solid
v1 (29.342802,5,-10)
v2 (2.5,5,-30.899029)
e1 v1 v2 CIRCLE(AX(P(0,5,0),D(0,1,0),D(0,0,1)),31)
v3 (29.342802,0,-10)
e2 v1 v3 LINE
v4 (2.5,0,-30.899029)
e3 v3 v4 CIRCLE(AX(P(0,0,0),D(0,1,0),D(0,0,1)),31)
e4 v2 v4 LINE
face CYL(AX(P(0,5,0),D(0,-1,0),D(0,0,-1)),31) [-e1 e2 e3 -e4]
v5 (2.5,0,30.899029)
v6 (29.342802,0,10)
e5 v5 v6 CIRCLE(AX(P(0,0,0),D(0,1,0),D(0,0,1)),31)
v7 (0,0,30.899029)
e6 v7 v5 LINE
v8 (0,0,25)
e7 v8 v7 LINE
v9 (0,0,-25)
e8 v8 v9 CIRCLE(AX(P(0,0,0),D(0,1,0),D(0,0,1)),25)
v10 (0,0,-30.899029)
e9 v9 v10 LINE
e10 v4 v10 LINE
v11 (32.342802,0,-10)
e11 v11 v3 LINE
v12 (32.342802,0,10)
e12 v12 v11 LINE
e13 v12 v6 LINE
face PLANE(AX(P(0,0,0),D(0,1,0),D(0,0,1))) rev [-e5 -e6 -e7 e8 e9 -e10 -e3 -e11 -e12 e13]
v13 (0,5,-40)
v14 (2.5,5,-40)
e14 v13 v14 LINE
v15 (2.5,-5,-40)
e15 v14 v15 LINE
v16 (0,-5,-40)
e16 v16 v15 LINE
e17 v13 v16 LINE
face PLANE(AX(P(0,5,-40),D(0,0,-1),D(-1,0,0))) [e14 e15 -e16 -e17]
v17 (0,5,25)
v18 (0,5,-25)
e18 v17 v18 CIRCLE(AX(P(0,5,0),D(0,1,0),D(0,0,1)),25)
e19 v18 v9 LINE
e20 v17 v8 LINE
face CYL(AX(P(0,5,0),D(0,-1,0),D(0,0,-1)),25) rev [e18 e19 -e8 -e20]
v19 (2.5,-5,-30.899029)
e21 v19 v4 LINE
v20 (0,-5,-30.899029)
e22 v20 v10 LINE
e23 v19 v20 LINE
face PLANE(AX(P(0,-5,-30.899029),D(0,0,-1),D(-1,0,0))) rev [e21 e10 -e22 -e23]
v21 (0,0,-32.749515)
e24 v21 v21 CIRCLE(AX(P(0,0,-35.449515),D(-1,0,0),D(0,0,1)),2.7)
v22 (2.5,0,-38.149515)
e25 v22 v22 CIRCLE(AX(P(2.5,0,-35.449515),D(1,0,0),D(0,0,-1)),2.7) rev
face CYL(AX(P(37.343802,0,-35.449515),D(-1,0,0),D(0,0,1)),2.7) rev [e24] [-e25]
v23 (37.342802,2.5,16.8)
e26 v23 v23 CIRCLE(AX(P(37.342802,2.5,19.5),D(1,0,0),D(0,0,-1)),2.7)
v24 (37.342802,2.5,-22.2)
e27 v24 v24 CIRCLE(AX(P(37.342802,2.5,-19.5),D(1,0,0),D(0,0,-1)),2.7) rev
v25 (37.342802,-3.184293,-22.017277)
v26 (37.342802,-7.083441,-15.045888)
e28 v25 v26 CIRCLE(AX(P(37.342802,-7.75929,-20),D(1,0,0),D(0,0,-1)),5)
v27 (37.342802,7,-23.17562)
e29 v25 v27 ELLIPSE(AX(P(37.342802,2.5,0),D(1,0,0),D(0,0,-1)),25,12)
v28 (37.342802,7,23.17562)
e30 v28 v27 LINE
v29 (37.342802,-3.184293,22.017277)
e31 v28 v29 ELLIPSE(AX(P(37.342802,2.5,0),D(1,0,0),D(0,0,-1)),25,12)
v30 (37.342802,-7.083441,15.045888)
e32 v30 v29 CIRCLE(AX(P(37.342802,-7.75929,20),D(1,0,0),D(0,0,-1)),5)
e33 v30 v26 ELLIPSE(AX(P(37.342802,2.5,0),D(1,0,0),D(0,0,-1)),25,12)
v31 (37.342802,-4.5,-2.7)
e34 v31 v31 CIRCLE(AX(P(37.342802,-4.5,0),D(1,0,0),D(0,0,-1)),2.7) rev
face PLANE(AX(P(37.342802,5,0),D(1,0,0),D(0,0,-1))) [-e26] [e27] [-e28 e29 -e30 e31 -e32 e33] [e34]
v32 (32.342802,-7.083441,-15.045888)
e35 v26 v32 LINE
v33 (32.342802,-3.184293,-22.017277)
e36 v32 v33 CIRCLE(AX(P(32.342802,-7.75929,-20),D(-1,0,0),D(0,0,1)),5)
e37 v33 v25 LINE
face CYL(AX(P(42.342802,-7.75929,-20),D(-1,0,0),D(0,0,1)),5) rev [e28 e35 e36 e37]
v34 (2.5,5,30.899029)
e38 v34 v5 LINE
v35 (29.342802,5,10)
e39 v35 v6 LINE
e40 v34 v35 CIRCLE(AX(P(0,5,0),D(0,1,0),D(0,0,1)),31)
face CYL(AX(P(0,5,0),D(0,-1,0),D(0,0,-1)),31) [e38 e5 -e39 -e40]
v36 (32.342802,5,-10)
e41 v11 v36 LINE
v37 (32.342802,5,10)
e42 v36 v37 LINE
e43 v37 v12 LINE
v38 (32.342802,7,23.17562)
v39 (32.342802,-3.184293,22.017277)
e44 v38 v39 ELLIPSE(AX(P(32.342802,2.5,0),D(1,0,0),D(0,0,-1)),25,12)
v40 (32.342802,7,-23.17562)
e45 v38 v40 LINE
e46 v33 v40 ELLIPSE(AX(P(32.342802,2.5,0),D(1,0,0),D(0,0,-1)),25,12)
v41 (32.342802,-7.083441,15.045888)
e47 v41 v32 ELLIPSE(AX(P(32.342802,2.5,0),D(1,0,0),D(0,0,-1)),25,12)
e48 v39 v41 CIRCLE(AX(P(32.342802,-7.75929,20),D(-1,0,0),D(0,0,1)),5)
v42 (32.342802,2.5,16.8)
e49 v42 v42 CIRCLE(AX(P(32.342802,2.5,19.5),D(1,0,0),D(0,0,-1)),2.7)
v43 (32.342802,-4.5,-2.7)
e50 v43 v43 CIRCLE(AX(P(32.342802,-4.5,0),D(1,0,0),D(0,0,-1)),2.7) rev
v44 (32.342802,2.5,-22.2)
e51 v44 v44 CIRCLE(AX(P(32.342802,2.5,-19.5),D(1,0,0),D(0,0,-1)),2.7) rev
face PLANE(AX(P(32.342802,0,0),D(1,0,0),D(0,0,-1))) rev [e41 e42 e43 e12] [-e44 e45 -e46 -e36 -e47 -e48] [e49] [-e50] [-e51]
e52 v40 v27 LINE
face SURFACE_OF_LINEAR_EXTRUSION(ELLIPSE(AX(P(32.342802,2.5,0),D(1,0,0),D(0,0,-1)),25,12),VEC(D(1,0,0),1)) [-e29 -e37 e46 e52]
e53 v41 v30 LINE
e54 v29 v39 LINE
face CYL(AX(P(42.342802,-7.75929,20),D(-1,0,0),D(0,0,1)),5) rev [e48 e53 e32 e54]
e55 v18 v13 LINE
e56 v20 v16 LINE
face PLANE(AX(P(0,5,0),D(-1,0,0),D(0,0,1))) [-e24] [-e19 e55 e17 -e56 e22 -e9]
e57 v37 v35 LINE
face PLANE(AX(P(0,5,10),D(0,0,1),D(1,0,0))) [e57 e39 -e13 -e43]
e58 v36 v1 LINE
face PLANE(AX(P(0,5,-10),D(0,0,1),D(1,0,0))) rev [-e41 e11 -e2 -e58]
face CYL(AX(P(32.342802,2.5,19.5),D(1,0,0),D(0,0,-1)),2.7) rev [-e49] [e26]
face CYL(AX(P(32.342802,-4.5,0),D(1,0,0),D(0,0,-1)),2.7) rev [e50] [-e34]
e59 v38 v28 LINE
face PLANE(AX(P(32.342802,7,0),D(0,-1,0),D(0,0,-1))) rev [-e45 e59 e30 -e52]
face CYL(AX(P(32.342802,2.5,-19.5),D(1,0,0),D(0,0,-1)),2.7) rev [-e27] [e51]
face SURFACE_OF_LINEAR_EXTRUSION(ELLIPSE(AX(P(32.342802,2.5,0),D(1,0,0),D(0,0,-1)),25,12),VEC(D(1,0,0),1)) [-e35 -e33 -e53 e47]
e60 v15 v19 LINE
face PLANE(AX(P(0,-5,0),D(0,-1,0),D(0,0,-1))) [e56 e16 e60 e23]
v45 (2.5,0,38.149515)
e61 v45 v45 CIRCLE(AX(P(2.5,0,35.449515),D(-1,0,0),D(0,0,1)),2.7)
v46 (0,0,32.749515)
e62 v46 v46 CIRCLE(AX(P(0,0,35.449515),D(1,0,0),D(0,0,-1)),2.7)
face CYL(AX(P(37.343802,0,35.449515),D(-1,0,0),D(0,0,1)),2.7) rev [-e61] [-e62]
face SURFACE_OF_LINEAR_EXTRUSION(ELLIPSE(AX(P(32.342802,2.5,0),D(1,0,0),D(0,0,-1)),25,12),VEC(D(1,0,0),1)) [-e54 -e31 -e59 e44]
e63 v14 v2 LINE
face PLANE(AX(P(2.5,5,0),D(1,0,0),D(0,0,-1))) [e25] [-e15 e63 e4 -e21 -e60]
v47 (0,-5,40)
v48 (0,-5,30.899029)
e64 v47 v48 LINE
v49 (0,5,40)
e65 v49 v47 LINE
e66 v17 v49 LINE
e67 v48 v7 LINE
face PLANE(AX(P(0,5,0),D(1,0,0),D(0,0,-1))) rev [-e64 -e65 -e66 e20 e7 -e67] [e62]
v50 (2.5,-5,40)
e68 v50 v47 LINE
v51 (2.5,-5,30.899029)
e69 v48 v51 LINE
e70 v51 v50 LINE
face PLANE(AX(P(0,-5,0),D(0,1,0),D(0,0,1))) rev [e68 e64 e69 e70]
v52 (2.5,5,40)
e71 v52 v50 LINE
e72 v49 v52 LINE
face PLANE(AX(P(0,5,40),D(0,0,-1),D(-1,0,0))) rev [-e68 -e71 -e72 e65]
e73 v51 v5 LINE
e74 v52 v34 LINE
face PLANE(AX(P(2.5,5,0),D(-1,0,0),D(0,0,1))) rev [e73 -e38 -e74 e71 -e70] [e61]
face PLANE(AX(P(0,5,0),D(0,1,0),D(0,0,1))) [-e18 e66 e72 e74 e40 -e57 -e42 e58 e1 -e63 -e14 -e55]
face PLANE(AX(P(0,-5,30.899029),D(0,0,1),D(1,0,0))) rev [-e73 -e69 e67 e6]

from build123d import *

# Parameters (mm, degrees)
BOSS_EXTRUDE1_DEPTH = 5
SKETCH2_W           = 2.5
SKETCH2_H           = 9.100970889
BOSS_EXTRUDE2_DEPTH = 5
CUT_EXTRUDE1_REACH  = 56.95
SKETCH3_R           = 2.7
SKETCH4_W           = 20
SKETCH4_H           = 5
SKETCH4_R           = 2.7
BOSS_EXTRUDE3_DEPTH = 5
SKETCH5_R           = 5
CUT_EXTRUDE2_DEPTH  = 10


with BuildPart() as part:
    # Sketch1 → Boss-Extrude1 (new body)
    with BuildSketch(Plane(origin=(0, 0, 0), x_dir=(1, 0, 0), z_dir=(0, 1, 0))):
        with BuildLine():
            Line((0, -25), (0, -40))
            Line((0, -40), (2.5, -40))
            Line((2.5, -40), (2.5, -30.899029111))
            ThreePointArc((2.5, -30.899029111), (19.044247329, -24.460511926), (29.342801502, -10))
            Line((29.342801502, -10), (37.342801502, -10))
            Line((37.342801502, -10), (37.342801502, 10))
            Line((37.342801502, 10), (29.342801502, 10))
            ThreePointArc((29.342801502, 10), (19.044247329, 24.460511926), (2.5, 30.899029111))
            Line((2.5, 30.899029111), (2.5, 40))
            Line((2.5, 40), (0, 40))
            Line((0, 40), (0, 25))
            ThreePointArc((0, 25), (25, 0), (0, -25))
        make_face()
    extrude(amount=BOSS_EXTRUDE1_DEPTH)

    # Sketch2 → Boss-Extrude2 (add)
    with BuildSketch(Plane.XZ):
        with Locations((1.25, 35.449514556)):
            Rectangle(SKETCH2_W, SKETCH2_H)
        with Locations((1.25, -35.449514556)):
            Rectangle(SKETCH2_W, SKETCH2_H)
    extrude(amount=BOSS_EXTRUDE2_DEPTH)

    # Sketch3 → Cut-Extrude1 (cut, up to next)
    with BuildSketch(Plane.ZY, mode=Mode.PRIVATE) as cut_extrude1_sk1:
        with Locations((-35.449514555, 0)):
            Circle(SKETCH3_R)
    cut_extrude1_tool1 = extrude(cut_extrude1_sk1.sketch, amount=-CUT_EXTRUDE1_REACH, mode=Mode.PRIVATE) & part.part
    # Sketch3 → Cut-Extrude1 (cut, up to next)
    with BuildSketch(Plane.ZY, mode=Mode.PRIVATE) as cut_extrude1_sk2:
        with Locations((35.449514555, 0)):
            Circle(SKETCH3_R)
    cut_extrude1_tool2 = extrude(cut_extrude1_sk2.sketch, amount=-CUT_EXTRUDE1_REACH, mode=Mode.PRIVATE) & part.part
    add(cut_extrude1_tool1.solids().sort_by_distance((0, 0, -35.449515))[0], mode=Mode.SUBTRACT)
    add(cut_extrude1_tool2.solids().sort_by_distance((0, 0, 35.449515))[0], mode=Mode.SUBTRACT)

    # Sketch4 → Boss-Extrude3 (add)
    with BuildSketch(Plane(origin=(37.342801502, 0, 0), x_dir=(0, 0, -1), z_dir=(1, 0, 0))):
        with BuildLine():
            add(Edge.make_bspline(
                [(-23.175620272, 7), (-37.080992454, -9.500000022), (3e-08, -9.5)],
                knots=[2.757195879, 2.757195879, 2.757195879, 4.712388982, 4.712388982, 4.712388982], degree=2, weights=[1, 0.559016994, 1]))
            add(Edge.make_bspline(
                [(3e-08, -9.5), (25, -9.499999986), (25, 2.5)],
                knots=[4.712388982, 4.712388982, 4.712388982, 6.283185307, 6.283185307, 6.283185307], degree=2, weights=[1, 0.707106782, 1]))
            add(Edge.make_bspline(
                [(25, 2.5), (25, 4.835206052), (23.175620272, 7)],
                knots=[0, 0, 0, 0.384396774, 0.384396774, 0.384396774], degree=2, weights=[1, 0.981586677, 1]))
            Line((23.175620272, 7), (-23.175620272, 7))
        make_face()
        with Locations((0, 2.5)):
            Rectangle(SKETCH4_W, SKETCH4_H, mode=Mode.SUBTRACT)
        with Locations((-19.5, 2.5)):
            Circle(SKETCH4_R, mode=Mode.SUBTRACT)
        with Locations((19.5, 2.5)):
            Circle(SKETCH4_R, mode=Mode.SUBTRACT)
        with Locations((0, -4.5)):
            Circle(SKETCH4_R, mode=Mode.SUBTRACT)
    extrude(amount=-BOSS_EXTRUDE3_DEPTH)

    # Sketch5 → Cut-Extrude2 (cut)
    with BuildSketch(Plane.ZY.offset(-32.342801502)):
        with Locations((-20, -7.759289568)):
            Circle(SKETCH5_R)
        with Locations((20, -7.759289568)):
            Circle(SKETCH5_R)
    extrude(amount=-CUT_EXTRUDE2_DEPTH, mode=Mode.SUBTRACT)


solid = part.part
